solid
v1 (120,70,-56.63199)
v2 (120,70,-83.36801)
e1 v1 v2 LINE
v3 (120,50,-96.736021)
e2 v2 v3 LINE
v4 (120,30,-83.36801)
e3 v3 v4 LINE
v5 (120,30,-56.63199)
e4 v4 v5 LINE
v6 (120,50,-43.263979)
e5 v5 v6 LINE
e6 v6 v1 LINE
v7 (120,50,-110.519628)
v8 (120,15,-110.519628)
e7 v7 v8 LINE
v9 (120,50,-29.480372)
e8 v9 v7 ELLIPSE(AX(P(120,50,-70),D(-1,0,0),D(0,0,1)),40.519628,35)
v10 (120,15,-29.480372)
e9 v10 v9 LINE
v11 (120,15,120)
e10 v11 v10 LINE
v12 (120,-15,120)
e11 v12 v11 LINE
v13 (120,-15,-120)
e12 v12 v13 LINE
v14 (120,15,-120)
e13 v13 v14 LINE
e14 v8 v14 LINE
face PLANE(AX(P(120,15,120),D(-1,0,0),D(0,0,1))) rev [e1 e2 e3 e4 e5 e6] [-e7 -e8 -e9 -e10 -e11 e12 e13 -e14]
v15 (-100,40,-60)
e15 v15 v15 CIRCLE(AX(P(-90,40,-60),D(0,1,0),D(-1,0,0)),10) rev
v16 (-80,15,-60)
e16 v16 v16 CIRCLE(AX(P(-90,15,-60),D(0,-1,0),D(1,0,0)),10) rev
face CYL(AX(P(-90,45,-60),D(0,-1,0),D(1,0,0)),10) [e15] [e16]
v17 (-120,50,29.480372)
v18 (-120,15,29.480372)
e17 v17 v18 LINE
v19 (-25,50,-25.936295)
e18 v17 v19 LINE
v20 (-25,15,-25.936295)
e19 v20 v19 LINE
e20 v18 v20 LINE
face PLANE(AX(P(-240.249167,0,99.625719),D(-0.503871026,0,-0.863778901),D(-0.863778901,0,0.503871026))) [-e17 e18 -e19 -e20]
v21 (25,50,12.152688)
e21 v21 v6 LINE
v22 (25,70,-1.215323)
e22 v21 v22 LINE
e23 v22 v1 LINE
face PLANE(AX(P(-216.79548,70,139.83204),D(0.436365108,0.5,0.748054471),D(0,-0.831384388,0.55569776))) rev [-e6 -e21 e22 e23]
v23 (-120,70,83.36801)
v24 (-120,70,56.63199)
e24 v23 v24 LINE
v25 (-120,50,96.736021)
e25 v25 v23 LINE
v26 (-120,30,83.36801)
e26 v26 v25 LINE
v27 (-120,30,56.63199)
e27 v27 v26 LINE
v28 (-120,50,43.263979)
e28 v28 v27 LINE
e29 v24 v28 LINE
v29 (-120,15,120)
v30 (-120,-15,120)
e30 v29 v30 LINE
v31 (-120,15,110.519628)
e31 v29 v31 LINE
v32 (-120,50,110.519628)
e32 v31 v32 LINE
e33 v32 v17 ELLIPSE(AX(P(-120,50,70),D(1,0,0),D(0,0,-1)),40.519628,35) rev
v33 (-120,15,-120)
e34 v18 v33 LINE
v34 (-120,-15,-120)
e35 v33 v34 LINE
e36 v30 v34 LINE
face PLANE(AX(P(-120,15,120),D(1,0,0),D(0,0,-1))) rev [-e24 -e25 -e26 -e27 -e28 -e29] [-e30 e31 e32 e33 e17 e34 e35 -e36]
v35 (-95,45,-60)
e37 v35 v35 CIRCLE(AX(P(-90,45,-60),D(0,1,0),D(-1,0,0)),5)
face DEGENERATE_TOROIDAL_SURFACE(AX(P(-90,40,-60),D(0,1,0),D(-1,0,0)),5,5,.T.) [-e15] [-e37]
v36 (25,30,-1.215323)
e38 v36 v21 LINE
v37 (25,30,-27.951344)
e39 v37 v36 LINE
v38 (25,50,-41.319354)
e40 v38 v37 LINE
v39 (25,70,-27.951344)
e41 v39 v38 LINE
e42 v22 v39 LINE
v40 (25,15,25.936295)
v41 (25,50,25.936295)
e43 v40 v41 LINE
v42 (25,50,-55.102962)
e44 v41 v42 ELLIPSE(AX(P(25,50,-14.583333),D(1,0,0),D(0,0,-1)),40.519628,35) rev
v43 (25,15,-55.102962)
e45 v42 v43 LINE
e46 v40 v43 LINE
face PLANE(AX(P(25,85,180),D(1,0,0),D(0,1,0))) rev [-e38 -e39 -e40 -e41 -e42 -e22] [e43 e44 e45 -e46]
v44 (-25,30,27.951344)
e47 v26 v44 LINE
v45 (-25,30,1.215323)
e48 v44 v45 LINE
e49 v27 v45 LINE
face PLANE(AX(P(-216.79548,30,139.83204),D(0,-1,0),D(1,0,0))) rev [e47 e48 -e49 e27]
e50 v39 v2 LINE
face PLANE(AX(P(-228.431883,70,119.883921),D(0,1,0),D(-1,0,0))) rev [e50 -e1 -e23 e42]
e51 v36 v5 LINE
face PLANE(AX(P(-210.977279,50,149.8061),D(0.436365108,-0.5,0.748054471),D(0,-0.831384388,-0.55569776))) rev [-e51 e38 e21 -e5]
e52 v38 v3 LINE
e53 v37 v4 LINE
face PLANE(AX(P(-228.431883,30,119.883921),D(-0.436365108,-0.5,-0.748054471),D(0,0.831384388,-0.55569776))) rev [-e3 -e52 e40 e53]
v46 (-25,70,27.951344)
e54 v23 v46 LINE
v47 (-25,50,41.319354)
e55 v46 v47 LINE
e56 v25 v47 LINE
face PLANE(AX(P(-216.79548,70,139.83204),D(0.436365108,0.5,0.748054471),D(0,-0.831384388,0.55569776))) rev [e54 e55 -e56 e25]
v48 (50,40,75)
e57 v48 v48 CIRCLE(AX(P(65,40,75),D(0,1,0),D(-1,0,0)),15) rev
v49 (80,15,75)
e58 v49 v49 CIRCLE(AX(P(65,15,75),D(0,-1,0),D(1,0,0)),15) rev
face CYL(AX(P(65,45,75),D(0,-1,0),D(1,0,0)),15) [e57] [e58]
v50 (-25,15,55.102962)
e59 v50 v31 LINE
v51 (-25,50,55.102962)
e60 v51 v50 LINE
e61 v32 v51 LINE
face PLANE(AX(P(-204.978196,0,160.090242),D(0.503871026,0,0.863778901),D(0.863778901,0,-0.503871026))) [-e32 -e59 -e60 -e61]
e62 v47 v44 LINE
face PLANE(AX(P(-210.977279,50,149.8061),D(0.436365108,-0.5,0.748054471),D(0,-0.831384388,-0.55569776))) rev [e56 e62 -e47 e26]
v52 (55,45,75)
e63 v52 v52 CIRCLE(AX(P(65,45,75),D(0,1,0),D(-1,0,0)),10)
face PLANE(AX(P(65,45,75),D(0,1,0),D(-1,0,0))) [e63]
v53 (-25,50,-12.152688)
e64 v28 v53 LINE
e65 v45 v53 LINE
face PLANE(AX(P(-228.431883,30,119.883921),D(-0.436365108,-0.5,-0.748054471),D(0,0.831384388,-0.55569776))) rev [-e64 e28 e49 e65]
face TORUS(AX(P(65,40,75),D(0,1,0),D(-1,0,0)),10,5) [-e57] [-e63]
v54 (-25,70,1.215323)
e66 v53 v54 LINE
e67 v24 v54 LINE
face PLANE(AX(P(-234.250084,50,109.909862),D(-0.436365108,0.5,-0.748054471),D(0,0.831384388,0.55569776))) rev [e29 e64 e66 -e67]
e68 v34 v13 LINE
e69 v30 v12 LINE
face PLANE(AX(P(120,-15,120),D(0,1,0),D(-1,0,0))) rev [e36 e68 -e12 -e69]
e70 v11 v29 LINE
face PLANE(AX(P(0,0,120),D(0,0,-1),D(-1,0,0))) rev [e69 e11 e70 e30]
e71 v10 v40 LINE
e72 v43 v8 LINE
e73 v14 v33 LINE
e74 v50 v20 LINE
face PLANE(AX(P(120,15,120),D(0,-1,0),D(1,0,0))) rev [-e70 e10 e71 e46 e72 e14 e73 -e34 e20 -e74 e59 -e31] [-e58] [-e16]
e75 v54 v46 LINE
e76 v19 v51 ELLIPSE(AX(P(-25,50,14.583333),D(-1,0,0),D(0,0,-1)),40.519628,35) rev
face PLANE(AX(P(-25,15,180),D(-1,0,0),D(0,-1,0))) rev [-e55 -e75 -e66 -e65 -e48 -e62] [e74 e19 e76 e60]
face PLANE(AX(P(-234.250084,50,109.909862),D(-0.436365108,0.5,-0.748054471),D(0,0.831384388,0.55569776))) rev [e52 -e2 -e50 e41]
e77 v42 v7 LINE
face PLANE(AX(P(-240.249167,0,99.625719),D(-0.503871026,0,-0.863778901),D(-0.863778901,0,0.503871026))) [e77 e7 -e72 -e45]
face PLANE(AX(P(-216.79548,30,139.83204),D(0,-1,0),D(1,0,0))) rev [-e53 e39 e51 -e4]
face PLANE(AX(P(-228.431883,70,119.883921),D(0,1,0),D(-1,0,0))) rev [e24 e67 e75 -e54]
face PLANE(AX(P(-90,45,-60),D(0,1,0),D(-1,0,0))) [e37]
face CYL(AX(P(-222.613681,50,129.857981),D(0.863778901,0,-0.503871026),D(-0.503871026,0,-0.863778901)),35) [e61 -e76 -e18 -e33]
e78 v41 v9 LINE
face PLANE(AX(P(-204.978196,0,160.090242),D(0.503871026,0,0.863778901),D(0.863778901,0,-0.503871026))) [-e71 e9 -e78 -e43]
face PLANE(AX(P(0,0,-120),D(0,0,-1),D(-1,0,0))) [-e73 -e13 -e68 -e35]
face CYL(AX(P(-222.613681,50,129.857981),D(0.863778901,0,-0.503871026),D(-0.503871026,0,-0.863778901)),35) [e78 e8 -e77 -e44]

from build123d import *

# Parameters (mm, degrees)
SKETCH1_W                       = 240
SKETCH1_H                       = 30
BOSS_EXTRUDE2_DEPTH             = 120
BOSS_EXTRUDE3_REACH             = 166.118
BOSS_EXTRUDE3_DIRECTION_2_REACH = 166.118
SKETCH7_W                       = 50
SKETCH7_H                       = 70
CUT_EXTRUDE1_DEPTH              = 250
SKETCH8_R                       = 10
SKETCH8_R_2                     = 15
BOSS_EXTRUDE4_DEPTH             = 30
FILLET1_R                       = 5


with BuildPart() as part:
    # Sketch1 → Boss-Extrude2 (new body, symmetric)
    with BuildSketch(Plane.XY):
        Rectangle(SKETCH1_W, SKETCH1_H)
    extrude(amount=BOSS_EXTRUDE2_DEPTH, both=True)

    # Boss-Extrude3: up to this face of the body (flat: up to its plane)
    boss_extrude3_end = Plane(part.part.faces().sort_by_distance((-120, 0, 0))[0])
    # Sketch6 → Boss-Extrude3 (add, up to the picked face)
    with BuildSketch(Plane(origin=(0, 0, 0), x_dir=(-0.503871026, 0, -0.863778901), z_dir=(0.863778901, 0, -0.503871026)), mode=Mode.PRIVATE) as boss_extrude3_sk1:
        with BuildLine():
            Line((35, 0), (35, 50))
            ThreePointArc((35, 50), (0, 85), (-35, 50))
            Line((-35, 50), (-35, 0))
            Line((-35, 0), (35, 0))
        make_face()
        Polygon((23.094010768, 50), (11.547005384, 70), (-11.547005384, 70), (-23.094010768, 50), (-11.547005384, 30), (11.547005384, 30), align=None, mode=Mode.SUBTRACT)
    boss_extrude3_tool1 = split(extrude(boss_extrude3_sk1.sketch, amount=-BOSS_EXTRUDE3_REACH, mode=Mode.PRIVATE), bisect_by=boss_extrude3_end, keep=Keep.BOTH, mode=Mode.PRIVATE)
    add(boss_extrude3_tool1.solids().sort_by_distance((17.080655, 25, 29.281124))[0])

    # Boss-Extrude3 direction 2: up to this face of the body (flat: up to its plane)
    boss_extrude3_direction_2_end = Plane(part.part.faces().sort_by_distance((120, 0, 0))[0])
    # Sketch6 → Boss-Extrude3 direction 2 (add, up to the picked face)
    with BuildSketch(Plane(origin=(0, 0, 0), x_dir=(-0.503871026, 0, -0.863778901), z_dir=(0.863778901, 0, -0.503871026)), mode=Mode.PRIVATE) as boss_extrude3_direction_2_sk1:
        with BuildLine():
            Line((35, 0), (35, 50))
            ThreePointArc((35, 50), (0, 85), (-35, 50))
            Line((-35, 50), (-35, 0))
            Line((-35, 0), (35, 0))
        make_face()
        Polygon((23.094010768, 50), (11.547005384, 70), (-11.547005384, 70), (-23.094010768, 50), (-11.547005384, 30), (11.547005384, 30), align=None, mode=Mode.SUBTRACT)
    boss_extrude3_direction_2_tool1 = split(extrude(boss_extrude3_direction_2_sk1.sketch, amount=BOSS_EXTRUDE3_DIRECTION_2_REACH, mode=Mode.PRIVATE), bisect_by=boss_extrude3_direction_2_end, keep=Keep.BOTH, mode=Mode.PRIVATE)
    add(boss_extrude3_direction_2_tool1.solids().sort_by_distance((17.080655, 25, 29.281124))[0])

    # Sketch7 → Cut-Extrude1 (cut)
    with BuildSketch(Plane(origin=(0, 0, -70), x_dir=(-1, 0, 0), z_dir=(0, 0, -1))):
        with Locations((0, 50)):
            Rectangle(SKETCH7_W, SKETCH7_H)
    extrude(amount=-CUT_EXTRUDE1_DEPTH, mode=Mode.SUBTRACT)

    # Sketch8 → Boss-Extrude4 (add)
    with BuildSketch(Plane(origin=(0, 15, 0), x_dir=(1, 0, 0), z_dir=(0, 1, 0))):
        with Locations((-90, 60)):
            Circle(SKETCH8_R)
        with Locations((65, -75)):
            Circle(SKETCH8_R_2)
    extrude(amount=BOSS_EXTRUDE4_DEPTH)

    # Fillet1
    fillet1_edges = [part.edges().sort_by_distance(p)[0] for p in [
        (50, 45, 75),
        (-100, 45, -60),
    ]]
    fillet(fillet1_edges, radius=FILLET1_R)


solid = part.part
